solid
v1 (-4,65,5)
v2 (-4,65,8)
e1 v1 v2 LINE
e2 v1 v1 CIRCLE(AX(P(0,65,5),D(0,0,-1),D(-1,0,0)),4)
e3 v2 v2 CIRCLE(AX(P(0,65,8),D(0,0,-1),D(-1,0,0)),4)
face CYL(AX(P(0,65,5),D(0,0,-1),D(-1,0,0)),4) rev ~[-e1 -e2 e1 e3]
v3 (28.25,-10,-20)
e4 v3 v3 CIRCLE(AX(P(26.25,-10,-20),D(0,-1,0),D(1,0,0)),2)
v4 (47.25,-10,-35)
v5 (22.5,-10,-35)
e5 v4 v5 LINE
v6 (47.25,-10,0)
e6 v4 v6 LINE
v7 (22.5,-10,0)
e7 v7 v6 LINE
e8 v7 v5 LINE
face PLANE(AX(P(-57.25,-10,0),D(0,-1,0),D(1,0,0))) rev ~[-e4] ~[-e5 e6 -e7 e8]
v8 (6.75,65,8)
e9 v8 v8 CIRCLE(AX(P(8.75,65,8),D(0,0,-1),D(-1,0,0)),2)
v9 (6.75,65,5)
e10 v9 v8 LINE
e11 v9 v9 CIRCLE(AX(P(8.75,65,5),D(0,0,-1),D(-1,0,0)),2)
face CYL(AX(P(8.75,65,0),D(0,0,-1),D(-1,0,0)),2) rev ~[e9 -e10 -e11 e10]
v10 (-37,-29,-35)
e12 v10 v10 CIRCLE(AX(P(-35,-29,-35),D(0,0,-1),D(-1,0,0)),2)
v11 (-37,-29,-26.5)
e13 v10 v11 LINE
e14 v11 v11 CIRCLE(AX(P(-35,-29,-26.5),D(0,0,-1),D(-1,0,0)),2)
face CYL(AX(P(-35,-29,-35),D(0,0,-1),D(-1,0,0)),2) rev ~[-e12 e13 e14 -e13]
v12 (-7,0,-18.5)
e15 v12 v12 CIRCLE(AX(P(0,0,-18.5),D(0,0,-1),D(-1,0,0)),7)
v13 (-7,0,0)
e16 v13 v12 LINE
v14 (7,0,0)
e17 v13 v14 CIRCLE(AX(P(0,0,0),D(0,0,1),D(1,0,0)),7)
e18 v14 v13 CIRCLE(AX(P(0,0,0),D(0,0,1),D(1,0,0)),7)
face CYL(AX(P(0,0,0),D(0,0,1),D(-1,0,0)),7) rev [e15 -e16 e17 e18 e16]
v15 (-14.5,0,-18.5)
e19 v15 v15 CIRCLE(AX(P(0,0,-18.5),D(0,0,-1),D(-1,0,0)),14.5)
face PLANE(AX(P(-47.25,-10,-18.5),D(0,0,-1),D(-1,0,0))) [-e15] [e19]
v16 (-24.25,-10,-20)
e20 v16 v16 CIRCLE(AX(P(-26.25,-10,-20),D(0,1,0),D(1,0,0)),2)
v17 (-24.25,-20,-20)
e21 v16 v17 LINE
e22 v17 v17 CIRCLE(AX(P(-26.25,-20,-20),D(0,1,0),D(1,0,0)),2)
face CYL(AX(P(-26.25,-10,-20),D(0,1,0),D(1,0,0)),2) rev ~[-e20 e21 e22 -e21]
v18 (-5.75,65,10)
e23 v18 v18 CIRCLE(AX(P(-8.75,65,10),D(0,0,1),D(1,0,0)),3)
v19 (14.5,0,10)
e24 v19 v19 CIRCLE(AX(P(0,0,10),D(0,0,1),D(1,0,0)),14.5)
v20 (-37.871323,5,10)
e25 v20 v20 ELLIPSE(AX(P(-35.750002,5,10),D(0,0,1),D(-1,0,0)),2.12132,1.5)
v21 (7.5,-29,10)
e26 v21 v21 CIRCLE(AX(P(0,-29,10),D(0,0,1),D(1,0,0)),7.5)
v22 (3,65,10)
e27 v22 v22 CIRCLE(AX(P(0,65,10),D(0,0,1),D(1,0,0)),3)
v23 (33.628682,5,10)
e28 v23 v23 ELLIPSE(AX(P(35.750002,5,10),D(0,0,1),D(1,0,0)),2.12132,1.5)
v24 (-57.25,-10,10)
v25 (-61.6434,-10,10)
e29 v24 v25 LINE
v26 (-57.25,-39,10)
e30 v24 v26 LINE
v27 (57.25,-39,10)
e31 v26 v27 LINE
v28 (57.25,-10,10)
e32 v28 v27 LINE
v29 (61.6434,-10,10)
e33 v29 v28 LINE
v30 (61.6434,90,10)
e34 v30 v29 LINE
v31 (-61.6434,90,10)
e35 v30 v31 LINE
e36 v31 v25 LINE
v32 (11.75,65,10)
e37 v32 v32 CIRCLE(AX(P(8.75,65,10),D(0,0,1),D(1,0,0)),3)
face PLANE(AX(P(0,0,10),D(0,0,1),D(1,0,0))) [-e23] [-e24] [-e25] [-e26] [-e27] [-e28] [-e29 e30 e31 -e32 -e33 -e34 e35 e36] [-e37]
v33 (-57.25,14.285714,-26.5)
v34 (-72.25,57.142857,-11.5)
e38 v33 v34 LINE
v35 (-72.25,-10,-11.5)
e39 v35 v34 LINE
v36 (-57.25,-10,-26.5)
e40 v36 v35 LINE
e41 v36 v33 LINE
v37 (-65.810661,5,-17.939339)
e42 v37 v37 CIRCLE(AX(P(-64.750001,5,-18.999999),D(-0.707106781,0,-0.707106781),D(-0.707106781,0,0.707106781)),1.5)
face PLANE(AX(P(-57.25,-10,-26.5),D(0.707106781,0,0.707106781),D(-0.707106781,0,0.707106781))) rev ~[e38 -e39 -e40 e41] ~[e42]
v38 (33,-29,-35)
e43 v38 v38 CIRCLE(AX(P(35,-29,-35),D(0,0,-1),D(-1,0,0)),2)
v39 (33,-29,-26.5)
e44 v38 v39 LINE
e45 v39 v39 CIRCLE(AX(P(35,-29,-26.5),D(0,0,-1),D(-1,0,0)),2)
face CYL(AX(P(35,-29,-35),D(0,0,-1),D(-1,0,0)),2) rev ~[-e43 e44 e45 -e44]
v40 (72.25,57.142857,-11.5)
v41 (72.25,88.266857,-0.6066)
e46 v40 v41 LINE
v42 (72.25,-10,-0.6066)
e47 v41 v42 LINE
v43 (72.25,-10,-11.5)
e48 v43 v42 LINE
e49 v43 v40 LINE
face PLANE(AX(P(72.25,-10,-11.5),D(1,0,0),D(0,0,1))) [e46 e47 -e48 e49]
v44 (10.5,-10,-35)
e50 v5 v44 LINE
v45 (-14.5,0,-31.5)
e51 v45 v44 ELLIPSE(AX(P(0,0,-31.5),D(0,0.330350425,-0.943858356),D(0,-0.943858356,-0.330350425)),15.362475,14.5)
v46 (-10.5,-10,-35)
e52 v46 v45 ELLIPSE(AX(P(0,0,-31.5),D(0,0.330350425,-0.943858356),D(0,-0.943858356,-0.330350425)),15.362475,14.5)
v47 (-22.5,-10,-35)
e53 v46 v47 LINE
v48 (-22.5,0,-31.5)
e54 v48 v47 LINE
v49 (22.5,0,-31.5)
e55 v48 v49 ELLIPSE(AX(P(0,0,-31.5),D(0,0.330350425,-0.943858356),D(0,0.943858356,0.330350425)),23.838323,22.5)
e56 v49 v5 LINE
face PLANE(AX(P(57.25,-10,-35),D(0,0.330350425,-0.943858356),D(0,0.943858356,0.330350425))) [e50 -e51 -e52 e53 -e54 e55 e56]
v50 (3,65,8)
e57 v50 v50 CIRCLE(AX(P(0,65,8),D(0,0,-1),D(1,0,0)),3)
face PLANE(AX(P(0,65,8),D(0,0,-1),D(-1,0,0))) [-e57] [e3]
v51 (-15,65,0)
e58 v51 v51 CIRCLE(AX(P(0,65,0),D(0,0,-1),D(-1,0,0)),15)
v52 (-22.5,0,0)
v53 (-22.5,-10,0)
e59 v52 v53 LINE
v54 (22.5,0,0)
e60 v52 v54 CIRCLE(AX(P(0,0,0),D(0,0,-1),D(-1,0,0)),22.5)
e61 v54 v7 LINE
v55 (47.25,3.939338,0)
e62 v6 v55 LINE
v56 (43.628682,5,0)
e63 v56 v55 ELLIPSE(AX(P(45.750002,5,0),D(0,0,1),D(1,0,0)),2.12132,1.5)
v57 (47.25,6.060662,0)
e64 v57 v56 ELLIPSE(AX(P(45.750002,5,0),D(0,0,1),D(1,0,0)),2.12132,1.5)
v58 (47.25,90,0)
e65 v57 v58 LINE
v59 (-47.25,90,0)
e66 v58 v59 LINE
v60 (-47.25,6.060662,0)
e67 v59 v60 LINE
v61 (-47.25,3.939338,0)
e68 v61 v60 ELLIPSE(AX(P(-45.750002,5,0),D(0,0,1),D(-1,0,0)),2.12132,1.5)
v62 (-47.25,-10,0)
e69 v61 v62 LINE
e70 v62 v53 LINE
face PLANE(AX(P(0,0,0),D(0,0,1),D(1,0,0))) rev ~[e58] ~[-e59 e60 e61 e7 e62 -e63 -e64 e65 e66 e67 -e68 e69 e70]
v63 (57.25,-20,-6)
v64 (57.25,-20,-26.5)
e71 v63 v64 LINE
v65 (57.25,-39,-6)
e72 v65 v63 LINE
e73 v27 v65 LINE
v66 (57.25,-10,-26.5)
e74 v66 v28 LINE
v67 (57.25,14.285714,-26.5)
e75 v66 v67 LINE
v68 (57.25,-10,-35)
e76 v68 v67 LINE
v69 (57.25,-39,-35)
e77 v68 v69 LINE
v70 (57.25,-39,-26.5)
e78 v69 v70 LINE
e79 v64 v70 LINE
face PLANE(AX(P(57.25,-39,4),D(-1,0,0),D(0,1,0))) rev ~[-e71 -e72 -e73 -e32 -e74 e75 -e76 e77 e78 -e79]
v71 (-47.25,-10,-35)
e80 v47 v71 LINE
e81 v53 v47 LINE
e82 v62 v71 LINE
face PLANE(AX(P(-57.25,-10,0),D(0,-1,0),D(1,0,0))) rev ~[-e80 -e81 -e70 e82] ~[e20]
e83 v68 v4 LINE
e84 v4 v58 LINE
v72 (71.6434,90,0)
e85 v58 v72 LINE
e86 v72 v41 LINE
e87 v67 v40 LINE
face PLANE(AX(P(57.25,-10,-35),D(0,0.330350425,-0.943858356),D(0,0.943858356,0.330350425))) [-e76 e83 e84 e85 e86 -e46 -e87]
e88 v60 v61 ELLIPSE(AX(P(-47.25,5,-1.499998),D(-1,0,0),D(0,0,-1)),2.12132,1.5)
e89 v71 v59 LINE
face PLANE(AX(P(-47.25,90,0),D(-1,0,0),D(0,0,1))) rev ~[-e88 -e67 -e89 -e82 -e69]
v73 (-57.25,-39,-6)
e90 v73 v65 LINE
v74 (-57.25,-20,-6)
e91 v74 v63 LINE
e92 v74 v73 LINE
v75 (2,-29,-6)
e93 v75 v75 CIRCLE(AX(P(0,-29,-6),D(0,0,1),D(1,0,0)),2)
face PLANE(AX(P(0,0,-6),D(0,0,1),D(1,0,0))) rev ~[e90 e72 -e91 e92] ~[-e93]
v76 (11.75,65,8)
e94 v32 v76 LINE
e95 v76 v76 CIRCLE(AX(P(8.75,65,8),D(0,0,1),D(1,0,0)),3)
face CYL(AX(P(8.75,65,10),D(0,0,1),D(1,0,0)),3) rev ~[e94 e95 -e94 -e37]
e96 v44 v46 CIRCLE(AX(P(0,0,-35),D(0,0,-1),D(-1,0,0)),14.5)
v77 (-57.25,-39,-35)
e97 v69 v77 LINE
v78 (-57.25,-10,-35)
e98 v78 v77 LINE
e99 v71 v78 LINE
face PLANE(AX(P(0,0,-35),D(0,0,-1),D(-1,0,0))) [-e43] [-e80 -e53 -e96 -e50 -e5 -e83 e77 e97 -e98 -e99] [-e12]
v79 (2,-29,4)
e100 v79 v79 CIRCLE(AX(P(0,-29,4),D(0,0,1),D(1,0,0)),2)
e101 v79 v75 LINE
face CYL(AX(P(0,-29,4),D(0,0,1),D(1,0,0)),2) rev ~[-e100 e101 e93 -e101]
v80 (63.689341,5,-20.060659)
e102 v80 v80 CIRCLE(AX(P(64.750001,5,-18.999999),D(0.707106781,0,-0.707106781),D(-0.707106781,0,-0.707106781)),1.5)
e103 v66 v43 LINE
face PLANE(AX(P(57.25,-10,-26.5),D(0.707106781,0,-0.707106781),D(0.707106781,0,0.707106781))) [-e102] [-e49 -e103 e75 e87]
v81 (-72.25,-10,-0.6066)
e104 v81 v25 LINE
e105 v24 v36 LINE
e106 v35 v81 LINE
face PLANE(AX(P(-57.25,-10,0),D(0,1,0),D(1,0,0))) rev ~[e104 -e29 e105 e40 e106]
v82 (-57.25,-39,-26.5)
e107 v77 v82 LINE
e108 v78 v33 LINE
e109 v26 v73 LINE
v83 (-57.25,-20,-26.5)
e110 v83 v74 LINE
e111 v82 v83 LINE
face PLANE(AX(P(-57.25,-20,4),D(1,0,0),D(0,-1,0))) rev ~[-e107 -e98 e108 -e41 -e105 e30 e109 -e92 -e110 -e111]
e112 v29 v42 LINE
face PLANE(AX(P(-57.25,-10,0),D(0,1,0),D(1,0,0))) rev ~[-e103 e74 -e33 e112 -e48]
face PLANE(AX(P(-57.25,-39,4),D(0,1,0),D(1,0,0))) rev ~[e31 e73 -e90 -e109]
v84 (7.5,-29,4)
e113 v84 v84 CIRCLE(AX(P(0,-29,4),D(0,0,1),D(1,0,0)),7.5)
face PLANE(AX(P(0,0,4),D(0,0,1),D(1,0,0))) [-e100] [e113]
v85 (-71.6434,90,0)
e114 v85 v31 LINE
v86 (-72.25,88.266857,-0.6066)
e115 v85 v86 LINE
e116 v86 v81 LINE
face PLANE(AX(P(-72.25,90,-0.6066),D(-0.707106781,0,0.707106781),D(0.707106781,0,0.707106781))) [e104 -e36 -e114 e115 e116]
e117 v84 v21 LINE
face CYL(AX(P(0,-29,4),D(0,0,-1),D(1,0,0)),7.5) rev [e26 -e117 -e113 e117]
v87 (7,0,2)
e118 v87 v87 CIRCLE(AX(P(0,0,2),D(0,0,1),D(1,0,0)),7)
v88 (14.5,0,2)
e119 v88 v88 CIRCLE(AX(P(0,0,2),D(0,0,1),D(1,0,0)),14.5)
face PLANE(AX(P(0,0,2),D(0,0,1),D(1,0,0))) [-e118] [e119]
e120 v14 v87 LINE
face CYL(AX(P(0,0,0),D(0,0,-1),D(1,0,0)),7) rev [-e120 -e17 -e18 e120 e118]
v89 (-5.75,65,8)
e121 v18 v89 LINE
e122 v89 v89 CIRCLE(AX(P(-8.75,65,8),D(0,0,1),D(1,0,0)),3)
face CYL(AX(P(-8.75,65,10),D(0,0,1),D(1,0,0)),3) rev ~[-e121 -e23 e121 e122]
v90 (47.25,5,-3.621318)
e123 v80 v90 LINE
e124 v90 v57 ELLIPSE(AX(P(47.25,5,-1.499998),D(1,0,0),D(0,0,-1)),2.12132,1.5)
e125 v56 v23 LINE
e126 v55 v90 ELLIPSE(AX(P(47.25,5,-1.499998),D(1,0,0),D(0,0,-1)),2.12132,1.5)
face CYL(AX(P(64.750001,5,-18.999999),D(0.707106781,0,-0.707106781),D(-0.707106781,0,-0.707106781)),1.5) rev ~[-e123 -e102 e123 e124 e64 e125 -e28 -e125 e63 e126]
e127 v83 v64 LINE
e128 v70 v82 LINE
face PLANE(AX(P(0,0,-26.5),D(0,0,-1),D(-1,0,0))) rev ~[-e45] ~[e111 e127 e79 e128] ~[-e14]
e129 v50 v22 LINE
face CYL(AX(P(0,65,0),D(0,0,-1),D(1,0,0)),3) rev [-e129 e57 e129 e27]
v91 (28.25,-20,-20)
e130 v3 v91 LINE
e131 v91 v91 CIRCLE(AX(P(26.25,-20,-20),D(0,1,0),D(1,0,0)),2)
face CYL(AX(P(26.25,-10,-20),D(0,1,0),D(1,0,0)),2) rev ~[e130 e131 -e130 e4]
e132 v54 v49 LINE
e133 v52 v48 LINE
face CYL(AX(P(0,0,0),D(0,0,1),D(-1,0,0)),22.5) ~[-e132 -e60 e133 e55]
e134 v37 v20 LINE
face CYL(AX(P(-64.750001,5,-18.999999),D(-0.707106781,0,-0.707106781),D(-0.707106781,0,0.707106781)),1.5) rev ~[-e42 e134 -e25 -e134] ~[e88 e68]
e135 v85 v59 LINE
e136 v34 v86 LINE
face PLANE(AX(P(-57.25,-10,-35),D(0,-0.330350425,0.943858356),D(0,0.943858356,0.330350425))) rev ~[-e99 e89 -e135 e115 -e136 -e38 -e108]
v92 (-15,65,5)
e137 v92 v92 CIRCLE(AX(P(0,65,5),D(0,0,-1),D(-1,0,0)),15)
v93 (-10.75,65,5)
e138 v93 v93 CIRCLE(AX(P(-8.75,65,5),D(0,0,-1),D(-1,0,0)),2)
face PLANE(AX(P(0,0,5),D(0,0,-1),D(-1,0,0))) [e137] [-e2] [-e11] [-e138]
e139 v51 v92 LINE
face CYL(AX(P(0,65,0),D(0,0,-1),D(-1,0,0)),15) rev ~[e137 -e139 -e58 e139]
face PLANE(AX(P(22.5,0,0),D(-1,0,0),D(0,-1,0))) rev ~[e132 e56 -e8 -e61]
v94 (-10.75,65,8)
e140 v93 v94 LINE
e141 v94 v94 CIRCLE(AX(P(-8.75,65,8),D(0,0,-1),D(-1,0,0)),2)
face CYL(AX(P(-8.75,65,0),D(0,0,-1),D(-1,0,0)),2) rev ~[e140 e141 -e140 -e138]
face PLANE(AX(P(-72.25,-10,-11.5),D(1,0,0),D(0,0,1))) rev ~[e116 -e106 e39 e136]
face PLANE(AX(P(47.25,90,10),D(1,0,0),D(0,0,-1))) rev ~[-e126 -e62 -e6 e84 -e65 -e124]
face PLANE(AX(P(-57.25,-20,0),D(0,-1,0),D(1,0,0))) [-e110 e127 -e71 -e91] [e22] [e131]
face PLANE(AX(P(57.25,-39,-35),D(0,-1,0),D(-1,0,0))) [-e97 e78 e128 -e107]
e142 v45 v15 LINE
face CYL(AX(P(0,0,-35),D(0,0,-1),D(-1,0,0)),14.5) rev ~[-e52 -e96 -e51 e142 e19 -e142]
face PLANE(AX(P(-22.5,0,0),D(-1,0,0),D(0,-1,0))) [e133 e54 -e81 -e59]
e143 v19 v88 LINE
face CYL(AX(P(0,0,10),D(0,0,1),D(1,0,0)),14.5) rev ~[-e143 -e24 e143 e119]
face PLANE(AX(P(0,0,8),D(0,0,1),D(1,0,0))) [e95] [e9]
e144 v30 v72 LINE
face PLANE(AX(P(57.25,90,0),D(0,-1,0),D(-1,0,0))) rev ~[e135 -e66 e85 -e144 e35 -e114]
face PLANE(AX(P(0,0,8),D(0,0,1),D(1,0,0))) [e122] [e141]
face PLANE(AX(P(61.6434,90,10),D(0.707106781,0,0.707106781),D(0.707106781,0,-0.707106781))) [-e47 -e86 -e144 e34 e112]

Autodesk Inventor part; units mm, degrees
ref_plane "YZ Plane" through (0, 0, 0) normal (1, 0, 0) x (0, 1, 0)
ref_plane "XZ Plane" through (0, 0, 0) normal (0, 1, 0) x (-1, 0, 0)
sketch "Sketch1" plane through (0, 0, 0) normal (0, 0, 1) x (1, 0, 0)
  circle A0 centre (0, 0) radius 7
  circle A1 centre (0, 65) radius 3
  line L0 (-57.25, -10) -> (57.25, -10)
  line L1 (57.25, -10) -> (57.25, 90)
  line L2 (57.25, 90) -> (-57.25, 90)
  line L3 (-57.25, 90) -> (-57.25, -10)
  line L4 (0, 65) -> (0, 0) construction
  point P0 (0, 32.5)
  point P1 (-57.25, 40)
  point P2 (0, 90)
  dimension "d0" = 14
  dimension "d1" = 6
  dimension "d2" = 65
  dimension "d3" = 114.5
  dimension "d7" = 25
  dimension "d8" = 10
extrude "Extrusion1" add sketch "Sketch1" along normal blind 10
sketch "Sketch2" plane through (-57.25, -10, 0) normal (0, -1, 0) x (1, 0, 0)
  line L0 (0, 10) -> (114.5, 10) projected
  line L1 (0, 10) -> (114.5, 10)
  line L2 (114.5, 10) -> (114.5, -35)
  line L3 (114.5, -35) -> (0, -35)
  line L4 (0, -35) -> (0, 10)
  point P0 (57.25, 0)
  point P1 (114.5, 0)
  dimension "d10" = 45
extrude "Extrusion2" add sketch "Sketch2" along normal blind 10
sketch "Sketch3" plane through (0, 0, 0) normal (0, 0, -1) x (-1, 0, 0)
  circle A0 centre (0, 0) radius 22.5 construction
  circle A1 centre (0, 0) radius 7 projected
  line L0 (-22.5, 0) -> (-22.5, -10)
  line L1 (57.25, -10) -> (-57.25, -10) construction
  line L2 (22.5, 0) -> (22.5, -10)
  arc A2 (22.5, 0) -> (-22.5, 0) centre (0, 0) ccw
  line L3 (-22.5, -10) -> (22.5, -10)
  dimension "d13" = 45
extrude "Extrusion3" add sketch "Sketch3" along normal blind 35
sketch "Sketch4" plane through (-57.25, 90, 0) normal (-1, 0, 0) x (0, 0, 1)
  line L0 (-35, -100) -> (0, -100) projected
  line L1 (-35, -100) -> (0, 0)
  line L2 (0, 0) -> (10, 0) projected
  line L3 (0, 0) -> (10, 0)
  line L4 (10, 0) -> (10, -110) projected
  line L5 (10, 0) -> (10, -110)
  line L6 (10, -110) -> (-35, -110) projected
  line L7 (10, -110) -> (-35, -110)
  line L8 (-35, -100) -> (-35, -110) projected
  line L9 (-35, -110) -> (-35, -100)
extrude "Extrusion4" add sketch "Sketch4" against normal blind 10
sketch "Sketch5" plane through (57.25, 90, 10) normal (1, 0, 0) x (0, 0, -1)
  line L0 (45, -100) -> (10, 0) projected
  line L1 (10, -100) -> (10, 0) projected
  line L2 (45, -100) -> (10, -100) projected
  point P0 (0, -110)
extrude "Extrusion5" add sketch "Sketch5" against normal blind 10
sketch "Sketch6" plane through (0, 0, 0) normal (0, 0, -1) x (-1, 0, 0)
  circle A0 centre (0, 65) radius 3 projected
  circle A1 centre (8.75, 65) radius 2
  circle A2 centre (-8.75, 65) radius 2
  line L0 (-8.75, 65) -> (8.75, 65) construction
  point P0 (0, 0)
  point P1 (0, 65)
  dimension "d20" = 4
  dimension "d21" = 4
  dimension "d22" = 17.5
extrude "Extrusion6" cut sketch "Sketch6" against normal through all contours A1 | A2
sketch "Sketch9" plane through (0, 0, 0) normal (0, 0, -1) x (-1, 0, 0)
  circle A0 centre (0, 65) radius 3 projected
  circle A1 centre (0, 65) radius 15
  point P0 (0, 0)
  dimension "d28" = 30
extrude "Extrusion8" cut sketch "Sketch9" against normal blind 5
sketch "Sketch10" plane through (-57.25, -10, 0) normal (0, 1, 0) x (1, 0, 0)
  circle A0 centre (83.5, 20) radius 2
  line L0 (0, 0) -> (0, 35) projected
  circle A1 centre (31, 20) radius 2
  line L1 (34.75, 35) -> (79.75, 35) projected
  line L2 (34.75, 35) -> (79.75, 35) projected
  line L3 (83.5, 20) -> (31, 20)
  line L4 (79.75, 35) -> (34.75, 35) projected
  point P0 (57.25, 0)
  point P1 (114.5, 35)
  point P2 (57.25, 20)
  point P3 (57.25, 35)
  dimension "d31" = 4
  dimension "d33" = 4
  dimension "d55" = 15
  dimension "d57" = 52.5
extrude "Extrusion9" cut sketch "Sketch10" against normal through all
sketch "Sketch11" plane through (0, 0, -35) normal (0, 0, -1) x (-1, 0, 0)
  line L0 (57.25, -20) -> (-57.25, -20)
  line L1 (-57.25, -20) -> (-57.25, -39)
  line L2 (-57.25, -39) -> (57.25, -39)
  line L3 (57.25, -39) -> (57.25, -20)
  point P0 (0, 0)
  point P1 (57.25, -20)
  point P2 (-57.25, -20)
  point P3 (0, -20)
  dimension "d36" = 19
extrude "Extrusion10" add sketch "Sketch11" against normal blind 8.5
sketch "Sketch12" plane through (0, 0, -35) normal (0, 0, -1) x (-1, 0, 0)
  circle A0 centre (-35, -29) radius 2
  circle A1 centre (35, -29) radius 2
  line L0 (-35, -29) -> (35, -29) construction
  line L1 (-57.25, -39) -> (57.25, -39) projected
  point P0 (0, 0)
  point P1 (0, -29)
  point P2 (0, -39)
  dimension "d39" = 4
  dimension "d40" = 4
  dimension "d41" = 70
  dimension "d42" = 10
extrude "Extrusion11" cut sketch "Sketch12" against normal through all
ref_plane "Work Plane1" through (0, 0, -6) normal (0, 0, 1) x (1, 0, 0)
sketch "Sketch14" plane through (0, 0, -6) normal (0, 0, 1) x (1, 0, 0)
  circle A0 centre (35, -29) radius 2 projected
  circle A1 centre (-35, -29) radius 2 projected
  line L0 (-57.25, -20) -> (57.25, -20) projected
  line L1 (-57.25, -20) -> (-57.25, -39) projected
  line L2 (-57.25, -39) -> (57.25, -39) projected
  line L3 (57.25, -39) -> (57.25, -20) projected
  point P0 (0, 0)
extrude "Extrusion12" add sketch "Sketch14" along normal blind 10 contours A0 | A1 | L0 L3 L2 L1
sketch "Sketch15" plane through (0, 0, 4) normal (0, 0, 1) x (1, 0, 0)
  circle A0 centre (0, -29) radius 2
  line L0 (-57.25, -39) -> (57.25, -39) projected
  point P0 (0, 0)
  point P1 (0, -39)
  dimension "d48" = 4
  dimension "d49" = 10
extrude "Extrusion13" cut sketch "Sketch15" against normal blind 10
sketch "Sketch16" plane through (0, 0, 4) normal (0, 0, 1) x (1, 0, 0)
  circle A0 centre (0, -29) radius 2 projected
  line L0 (-57.25, -20) -> (57.25, -20) projected
  line L1 (-57.25, -20) -> (-57.25, -39) projected
  line L2 (-57.25, -39) -> (57.25, -39) projected
  line L3 (57.25, -39) -> (57.25, -20) projected
  circle A1 centre (0, -29) radius 2 projected
  circle A2 centre (0, -29) radius 7.5
  point P0 (0, 0)
  dimension "d52" = 15
extrude "Extrusion14" add sketch "Sketch16" along normal blind 6 contours L0 L3 L2 L1
sketch "Sketch17" plane through (-57.25, -10, 0) normal (0, 1, 0) x (1, 0, 0)
  line L0 (114.5, 6) -> (0, 6) projected
  line L1 (0, 6) -> (0, 26.5) projected
  line L2 (0, 26.5) -> (114.5, 26.5) projected
  line L3 (114.5, 26.5) -> (114.5, 6) projected
  circle A0 centre (83.5, 20) radius 2 projected
  circle A1 centre (31, 20) radius 2 projected
  line L4 (0, 6) -> (0, 26.5) projected
  line L5 (0, 26.5) -> (-36.5, -10) construction
  line L6 (0, 26.5) -> (51.6188, 26.5) construction
  line L7 (114.5, -10) -> (0, -10) projected
  line L8 (0, -10) -> (-36.5, -10) construction
  line L9 (0, 26.5) -> (0, -10)
  line L10 (114.5, 26.5) -> (114.5, 6) projected
  line L11 (114.5, 26.5) -> (151, -10) construction
  line L12 (114.5, -10) -> (151, -10) construction
  line L13 (114.5, -10) -> (114.5, 26.5)
  line L14 (129.5, 11.5) -> (129.5, -10)
  line L15 (114.5, 26.5) -> (129.5, 11.5)
  line L16 (129.5, -10) -> (114.5, -10)
  line L17 (-15, 11.5) -> (-15, -10)
  line L18 (0, 35) -> (0, 26.5) projected
  line L19 (0, 26.5) -> (-15, 11.5)
  line L20 (0, -10) -> (-15, -10)
  point P0 (57.25, 0)
  dimension "d58" = 135
  dimension "d60" = 135
  dimension "d65" = 15
  dimension "d66" = 15
extrude "Extrusion15" add sketch "Sketch17" along normal blind 100 contours L3 L15 L14 L16 L13 | L9 L20 L17 L19 L1
sketch "Sketch18" plane through (57.25, 14.2857, -26.5) normal (-1, 0, 0) x (0, 0, 1)
  line L0 (26.5, 75.7143) -> (-8.5, -24.2857) construction
  line L1 (26.5, -24.2857) -> (-8.5, -24.2857) construction
  line L2 (26.5, 75.7143) -> (26.5, -24.2857) construction
  line L3 (-8.5, -24.2857) -> (-8.5, 75.7143)
  line L4 (-8.5, 75.7143) -> (26.5, 75.7143)
  line L5 (-8.5, -24.2857) -> (26.5, 75.7143)
extrude "Extrusion16" cut sketch "Sketch18" along normal through all both and the other way through all
sketch "Sketch19" plane through (-72.25, -10, -11.5) normal (-0.7071, 0, -0.7071) x (-0.7071, 0, 0.7071)
  circle A0 centre (-10.6066, 15) radius 1.5
  line L0 (-21.2132, 0) -> (0, 0) projected
  point P0 (-42.9567, 10)
  point P1 (-10.6066, 0)
  dimension "d67" = 3
  dimension "d68" = 15
extrude "Extrusion17" cut sketch "Sketch19" against normal through all
sketch "Sketch20" plane through (72.25, -10, -11.5) normal (0.7071, 0, -0.7071) x (-0.7071, 0, -0.7071)
  circle A0 centre (10.6066, 15) radius 1.5
  line L0 (0, 0) -> (21.2132, 0) projected
  point P0 (42.9567, 10)
  point P1 (10.6066, 0)
  dimension "d71" = 3
  dimension "d72" = 15
extrude "Extrusion18" cut sketch "Sketch20" against normal through all
sketch "Sketch21" plane through (-47.25, 90, 0) normal (0, 1, 0) x (1, 0, 0)
  line L0 (-25, -10) -> (-10, -10) projected
  line L1 (-25, -10) -> (-19.6967, -4.6967) construction
  line L2 (-25, -10) -> (-17.5, -10) construction
  line L3 (-25, 11.5) -> (-25, -10) projected
  line L4 (-25, 0.6066) -> (-14.3934, -10)
  line L5 (-25, 0.6066) -> (-25, -10)
  line L6 (-14.3934, -10) -> (-25, -10)
  line L7 (-25, -10) -> (119.5, -10) projected
  line L8 (119.5, -10) -> (114.1967, -4.6967) construction
  line L9 (119.5, -10) -> (127, -10) construction
  line L10 (108.8934, -10) -> (119.5, 0.6066)
  line L11 (119.5, -10) -> (119.5, 11.5) projected
  line L12 (108.8934, -10) -> (123.8934, -10) construction
  line L13 (108.8934, -10) -> (119.5, -10)
  line L14 (119.5, -10) -> (119.5, 0.6066)
  point P0 (47.25, 0)
  dimension "d75" = 7.5
  dimension "d76" = 45
  dimension "d77" = 7.5
  dimension "d78" = 135
  dimension "d79" = 45
extrude "Extrusion19" cut sketch "Sketch21" against normal through all
sketch "Sketch22" plane through (0, 0, 10) normal (0, 0, 1) x (1, 0, 0)
  circle A0 centre (0, 0) radius 14.5
  circle A1 centre (0, 0) radius 7 projected
  dimension "d82" = 29
extrude "Extrusion20" cut sketch "Sketch22" against normal blind 8
sketch "Sketch23" plane through (-47.25, -10, -35) normal (0, 0, -1) x (-1, 0, 0)
  circle A0 centre (-47.25, 10) radius 7 projected
  circle A1 centre (-47.25, 10) radius 14.5
  dimension "d85" = 29
extrude "Extrusion21" cut sketch "Sketch23" against normal blind 16.5
sketch "Sketch24" plane through (0, 65, 5) normal (0, 0, -1) x (-1, 0, 0)
  circle A0 centre (0, 0) radius 3 projected
  circle A1 centre (0, 0) radius 4
  point P0 (0, -65)
  dimension "d88" = 8
extrude "Extrusion22" cut sketch "Sketch24" against normal blind 3
sketch "Sketch25" plane through (0, 0, 10) normal (0, 0, 1) x (1, 0, 0)
  circle A0 centre (-8.75, 65) radius 2 projected
  circle A1 centre (8.75, 65) radius 2 projected
  circle A2 centre (8.75, 65) radius 3
  circle A3 centre (-8.75, 65) radius 3
  point P0 (0, 0)
  dimension "d91" = 6
  dimension "d92" = 6
extrude "Extrusion23" cut sketch "Sketch25" against normal blind 2 contours A0 | A1 | A2 | A3
properties part number "WA004" material "ABS Plastic"
